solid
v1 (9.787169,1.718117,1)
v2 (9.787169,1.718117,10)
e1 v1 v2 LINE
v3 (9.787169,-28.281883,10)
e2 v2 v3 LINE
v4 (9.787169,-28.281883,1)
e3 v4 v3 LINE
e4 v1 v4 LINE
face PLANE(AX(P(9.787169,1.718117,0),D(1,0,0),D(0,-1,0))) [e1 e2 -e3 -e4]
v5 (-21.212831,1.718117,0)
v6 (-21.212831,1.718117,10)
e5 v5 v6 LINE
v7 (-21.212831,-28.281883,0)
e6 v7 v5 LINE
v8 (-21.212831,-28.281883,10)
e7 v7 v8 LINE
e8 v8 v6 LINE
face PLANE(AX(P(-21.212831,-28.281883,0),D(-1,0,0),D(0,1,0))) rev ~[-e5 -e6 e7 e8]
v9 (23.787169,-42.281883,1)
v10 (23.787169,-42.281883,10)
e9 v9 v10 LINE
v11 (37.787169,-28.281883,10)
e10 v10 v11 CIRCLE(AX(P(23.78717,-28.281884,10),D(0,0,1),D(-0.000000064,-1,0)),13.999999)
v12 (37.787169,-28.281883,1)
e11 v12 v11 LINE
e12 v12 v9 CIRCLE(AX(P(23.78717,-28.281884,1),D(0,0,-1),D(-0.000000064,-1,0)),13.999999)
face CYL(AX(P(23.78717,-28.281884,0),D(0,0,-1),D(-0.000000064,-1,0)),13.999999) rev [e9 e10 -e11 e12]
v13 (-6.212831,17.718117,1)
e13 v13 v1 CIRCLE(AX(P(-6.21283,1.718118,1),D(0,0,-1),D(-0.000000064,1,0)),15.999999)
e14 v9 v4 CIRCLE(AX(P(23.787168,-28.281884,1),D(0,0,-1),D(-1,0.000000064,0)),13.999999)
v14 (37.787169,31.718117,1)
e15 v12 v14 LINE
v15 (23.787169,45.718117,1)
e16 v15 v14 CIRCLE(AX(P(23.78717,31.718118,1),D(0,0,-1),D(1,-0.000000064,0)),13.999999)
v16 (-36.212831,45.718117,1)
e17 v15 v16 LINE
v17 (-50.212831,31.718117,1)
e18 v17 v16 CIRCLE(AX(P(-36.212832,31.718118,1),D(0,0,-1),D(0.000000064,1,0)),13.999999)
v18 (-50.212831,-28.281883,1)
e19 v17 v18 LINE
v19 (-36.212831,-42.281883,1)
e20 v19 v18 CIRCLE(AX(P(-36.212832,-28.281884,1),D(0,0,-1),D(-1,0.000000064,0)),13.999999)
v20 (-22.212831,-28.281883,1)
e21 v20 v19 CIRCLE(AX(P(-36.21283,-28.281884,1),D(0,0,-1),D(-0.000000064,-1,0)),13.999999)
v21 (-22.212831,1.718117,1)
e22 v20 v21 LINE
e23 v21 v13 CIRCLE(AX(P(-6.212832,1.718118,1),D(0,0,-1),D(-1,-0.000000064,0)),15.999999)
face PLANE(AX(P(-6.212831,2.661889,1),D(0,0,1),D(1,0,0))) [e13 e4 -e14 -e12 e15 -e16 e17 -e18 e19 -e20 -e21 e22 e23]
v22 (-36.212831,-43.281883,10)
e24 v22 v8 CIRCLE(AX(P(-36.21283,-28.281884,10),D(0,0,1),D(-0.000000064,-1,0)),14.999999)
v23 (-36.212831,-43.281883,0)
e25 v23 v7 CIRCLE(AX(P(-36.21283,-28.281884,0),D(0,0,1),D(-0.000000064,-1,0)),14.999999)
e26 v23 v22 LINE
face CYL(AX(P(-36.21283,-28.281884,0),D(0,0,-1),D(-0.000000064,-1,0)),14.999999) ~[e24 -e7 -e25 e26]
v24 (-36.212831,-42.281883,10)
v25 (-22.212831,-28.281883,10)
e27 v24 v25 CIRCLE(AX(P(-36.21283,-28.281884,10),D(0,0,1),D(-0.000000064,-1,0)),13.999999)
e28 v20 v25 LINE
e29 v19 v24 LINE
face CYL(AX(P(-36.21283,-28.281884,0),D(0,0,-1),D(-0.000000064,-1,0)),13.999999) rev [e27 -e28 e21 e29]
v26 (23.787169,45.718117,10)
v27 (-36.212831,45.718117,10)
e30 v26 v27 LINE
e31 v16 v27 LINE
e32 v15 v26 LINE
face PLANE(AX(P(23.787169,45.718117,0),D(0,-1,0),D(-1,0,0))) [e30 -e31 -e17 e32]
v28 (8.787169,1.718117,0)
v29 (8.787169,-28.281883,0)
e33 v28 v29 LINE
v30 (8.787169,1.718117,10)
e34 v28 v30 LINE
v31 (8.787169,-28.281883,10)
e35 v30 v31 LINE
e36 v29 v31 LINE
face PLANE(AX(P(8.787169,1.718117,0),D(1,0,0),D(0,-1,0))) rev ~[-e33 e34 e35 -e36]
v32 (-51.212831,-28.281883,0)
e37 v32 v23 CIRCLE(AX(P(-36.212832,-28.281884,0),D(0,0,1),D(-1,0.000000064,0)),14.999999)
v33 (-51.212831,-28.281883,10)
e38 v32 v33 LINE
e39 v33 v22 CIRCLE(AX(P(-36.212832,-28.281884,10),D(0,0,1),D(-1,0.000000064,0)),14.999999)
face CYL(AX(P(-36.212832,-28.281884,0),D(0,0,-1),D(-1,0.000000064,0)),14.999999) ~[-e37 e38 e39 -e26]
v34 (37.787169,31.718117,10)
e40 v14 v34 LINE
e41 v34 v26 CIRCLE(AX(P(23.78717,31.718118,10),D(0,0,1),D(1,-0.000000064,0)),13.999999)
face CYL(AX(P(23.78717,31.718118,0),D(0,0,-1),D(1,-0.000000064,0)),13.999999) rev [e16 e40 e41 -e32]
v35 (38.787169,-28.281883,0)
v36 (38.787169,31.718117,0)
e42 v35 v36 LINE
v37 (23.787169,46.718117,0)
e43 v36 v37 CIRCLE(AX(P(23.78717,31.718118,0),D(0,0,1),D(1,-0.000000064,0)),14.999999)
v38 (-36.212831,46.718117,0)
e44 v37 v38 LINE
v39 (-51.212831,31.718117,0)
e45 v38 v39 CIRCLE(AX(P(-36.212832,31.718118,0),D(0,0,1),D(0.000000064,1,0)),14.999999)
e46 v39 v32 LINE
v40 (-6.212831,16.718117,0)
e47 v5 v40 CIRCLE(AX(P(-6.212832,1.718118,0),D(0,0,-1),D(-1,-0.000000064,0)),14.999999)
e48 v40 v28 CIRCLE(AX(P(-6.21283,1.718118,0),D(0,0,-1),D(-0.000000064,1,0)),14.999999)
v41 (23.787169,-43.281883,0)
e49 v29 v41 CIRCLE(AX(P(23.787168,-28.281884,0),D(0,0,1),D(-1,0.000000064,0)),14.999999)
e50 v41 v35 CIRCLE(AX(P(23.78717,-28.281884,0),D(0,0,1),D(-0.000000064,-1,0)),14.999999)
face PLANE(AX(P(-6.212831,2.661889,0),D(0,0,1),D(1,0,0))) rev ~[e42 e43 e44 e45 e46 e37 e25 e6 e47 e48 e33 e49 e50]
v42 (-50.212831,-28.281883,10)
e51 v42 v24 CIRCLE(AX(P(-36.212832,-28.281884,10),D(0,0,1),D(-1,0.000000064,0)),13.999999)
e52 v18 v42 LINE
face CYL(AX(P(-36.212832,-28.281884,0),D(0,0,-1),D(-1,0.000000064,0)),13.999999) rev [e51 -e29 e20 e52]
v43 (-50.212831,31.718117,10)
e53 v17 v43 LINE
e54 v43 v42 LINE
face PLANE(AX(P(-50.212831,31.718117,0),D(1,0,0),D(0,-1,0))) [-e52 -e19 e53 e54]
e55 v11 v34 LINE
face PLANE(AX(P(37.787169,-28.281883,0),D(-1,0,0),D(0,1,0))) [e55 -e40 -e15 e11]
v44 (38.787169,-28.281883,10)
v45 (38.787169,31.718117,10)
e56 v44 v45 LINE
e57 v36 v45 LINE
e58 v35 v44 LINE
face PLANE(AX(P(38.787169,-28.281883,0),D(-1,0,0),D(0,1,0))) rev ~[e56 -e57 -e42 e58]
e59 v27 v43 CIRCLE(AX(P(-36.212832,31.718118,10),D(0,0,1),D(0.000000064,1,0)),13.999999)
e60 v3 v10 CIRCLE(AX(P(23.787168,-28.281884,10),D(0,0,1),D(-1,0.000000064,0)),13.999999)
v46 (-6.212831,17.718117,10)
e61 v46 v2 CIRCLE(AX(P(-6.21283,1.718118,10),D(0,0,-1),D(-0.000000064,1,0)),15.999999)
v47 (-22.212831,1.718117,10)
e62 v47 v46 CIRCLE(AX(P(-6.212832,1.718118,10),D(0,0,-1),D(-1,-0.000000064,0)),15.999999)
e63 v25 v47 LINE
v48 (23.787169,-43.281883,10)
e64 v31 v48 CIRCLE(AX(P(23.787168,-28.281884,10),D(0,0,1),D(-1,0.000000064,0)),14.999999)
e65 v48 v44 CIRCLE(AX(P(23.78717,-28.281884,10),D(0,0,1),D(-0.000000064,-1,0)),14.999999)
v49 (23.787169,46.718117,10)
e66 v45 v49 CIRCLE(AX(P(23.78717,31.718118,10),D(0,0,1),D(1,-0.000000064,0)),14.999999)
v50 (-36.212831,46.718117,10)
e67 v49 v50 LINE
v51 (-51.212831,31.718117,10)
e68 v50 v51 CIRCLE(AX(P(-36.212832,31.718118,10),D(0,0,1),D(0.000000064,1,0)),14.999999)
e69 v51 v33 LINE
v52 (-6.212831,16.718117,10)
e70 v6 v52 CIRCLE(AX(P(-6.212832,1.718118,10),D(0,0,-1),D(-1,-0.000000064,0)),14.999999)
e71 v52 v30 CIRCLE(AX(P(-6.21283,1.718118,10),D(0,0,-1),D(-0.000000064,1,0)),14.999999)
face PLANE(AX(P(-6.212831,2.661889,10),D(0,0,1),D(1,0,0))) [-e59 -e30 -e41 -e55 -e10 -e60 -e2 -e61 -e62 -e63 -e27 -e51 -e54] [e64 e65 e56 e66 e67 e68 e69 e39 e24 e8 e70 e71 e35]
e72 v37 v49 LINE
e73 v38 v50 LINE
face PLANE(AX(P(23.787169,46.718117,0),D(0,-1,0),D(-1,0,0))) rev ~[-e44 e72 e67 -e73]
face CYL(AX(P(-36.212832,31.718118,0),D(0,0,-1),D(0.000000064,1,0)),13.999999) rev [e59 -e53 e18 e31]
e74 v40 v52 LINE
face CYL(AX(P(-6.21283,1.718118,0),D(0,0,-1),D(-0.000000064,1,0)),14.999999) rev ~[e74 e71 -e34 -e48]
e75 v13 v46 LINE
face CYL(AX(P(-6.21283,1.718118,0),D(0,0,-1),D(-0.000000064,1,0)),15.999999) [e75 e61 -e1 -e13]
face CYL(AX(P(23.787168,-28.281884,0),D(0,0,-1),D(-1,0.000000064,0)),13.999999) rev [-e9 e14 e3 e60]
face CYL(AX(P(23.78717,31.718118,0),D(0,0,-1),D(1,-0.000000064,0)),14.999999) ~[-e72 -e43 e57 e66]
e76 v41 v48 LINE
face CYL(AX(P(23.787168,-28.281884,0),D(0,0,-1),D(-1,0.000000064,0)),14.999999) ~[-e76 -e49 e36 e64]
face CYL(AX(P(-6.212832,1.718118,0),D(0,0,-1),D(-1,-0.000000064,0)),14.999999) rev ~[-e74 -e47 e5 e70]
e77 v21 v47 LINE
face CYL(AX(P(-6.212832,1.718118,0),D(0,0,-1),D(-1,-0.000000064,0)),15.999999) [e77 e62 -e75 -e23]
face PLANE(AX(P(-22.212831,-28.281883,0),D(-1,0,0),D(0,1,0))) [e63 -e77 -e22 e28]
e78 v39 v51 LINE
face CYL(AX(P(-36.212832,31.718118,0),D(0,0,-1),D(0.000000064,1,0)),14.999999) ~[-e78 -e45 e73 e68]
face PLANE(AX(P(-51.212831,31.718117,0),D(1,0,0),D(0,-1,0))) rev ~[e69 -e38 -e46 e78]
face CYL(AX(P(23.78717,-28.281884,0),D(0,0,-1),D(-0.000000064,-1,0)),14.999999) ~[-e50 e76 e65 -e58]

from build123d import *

# Parameters (mm, degrees)
F1_DEPTH = 10
F2_T     = -1


with BuildPart() as f1:
    # F0 (on Top) → F1 (new body)
    with BuildSketch(Plane.XY):
        with BuildLine():
            Line((-51.212831, 31.718117), (-51.212831, -28.281883))
            ThreePointArc((-51.212831, -28.281883), (-46.819433, -38.888485), (-36.212831, -43.281883))
            ThreePointArc((-36.212831, -43.281883), (-25.606229, -38.888485), (-21.212831, -28.281883))
            Line((-21.212831, -28.281883), (-21.212831, 1.718117))
            ThreePointArc((-21.212831, 1.718117), (-16.819433, 12.324719), (-6.212831, 16.718117))
            ThreePointArc((-6.212831, 16.718117), (4.393771, 12.324719), (8.787169, 1.718117))
            Line((8.787169, 1.718117), (8.787169, -28.281883))
            ThreePointArc((8.787169, -28.281883), (13.180567, -38.888485), (23.787169, -43.281883))
            ThreePointArc((23.787169, -43.281883), (34.393771, -38.888485), (38.787169, -28.281883))
            Line((38.787169, -28.281883), (38.787169, 31.718117))
            ThreePointArc((38.787169, 31.718117), (34.393771, 42.324719), (23.787169, 46.718117))
            Line((23.787169, 46.718117), (-36.212831, 46.718117))
            ThreePointArc((-36.212831, 46.718117), (-46.819433, 42.324719), (-51.212831, 31.718117))
        make_face()
    extrude(amount=F1_DEPTH)

    # F2
    f2_openings = [f1.faces().sort_by_distance(p)[0] for p in [
        (-36.212831, -42.009091, 10),
    ]]
    offset(amount=F2_T, openings=f2_openings)


solid = f1.part
